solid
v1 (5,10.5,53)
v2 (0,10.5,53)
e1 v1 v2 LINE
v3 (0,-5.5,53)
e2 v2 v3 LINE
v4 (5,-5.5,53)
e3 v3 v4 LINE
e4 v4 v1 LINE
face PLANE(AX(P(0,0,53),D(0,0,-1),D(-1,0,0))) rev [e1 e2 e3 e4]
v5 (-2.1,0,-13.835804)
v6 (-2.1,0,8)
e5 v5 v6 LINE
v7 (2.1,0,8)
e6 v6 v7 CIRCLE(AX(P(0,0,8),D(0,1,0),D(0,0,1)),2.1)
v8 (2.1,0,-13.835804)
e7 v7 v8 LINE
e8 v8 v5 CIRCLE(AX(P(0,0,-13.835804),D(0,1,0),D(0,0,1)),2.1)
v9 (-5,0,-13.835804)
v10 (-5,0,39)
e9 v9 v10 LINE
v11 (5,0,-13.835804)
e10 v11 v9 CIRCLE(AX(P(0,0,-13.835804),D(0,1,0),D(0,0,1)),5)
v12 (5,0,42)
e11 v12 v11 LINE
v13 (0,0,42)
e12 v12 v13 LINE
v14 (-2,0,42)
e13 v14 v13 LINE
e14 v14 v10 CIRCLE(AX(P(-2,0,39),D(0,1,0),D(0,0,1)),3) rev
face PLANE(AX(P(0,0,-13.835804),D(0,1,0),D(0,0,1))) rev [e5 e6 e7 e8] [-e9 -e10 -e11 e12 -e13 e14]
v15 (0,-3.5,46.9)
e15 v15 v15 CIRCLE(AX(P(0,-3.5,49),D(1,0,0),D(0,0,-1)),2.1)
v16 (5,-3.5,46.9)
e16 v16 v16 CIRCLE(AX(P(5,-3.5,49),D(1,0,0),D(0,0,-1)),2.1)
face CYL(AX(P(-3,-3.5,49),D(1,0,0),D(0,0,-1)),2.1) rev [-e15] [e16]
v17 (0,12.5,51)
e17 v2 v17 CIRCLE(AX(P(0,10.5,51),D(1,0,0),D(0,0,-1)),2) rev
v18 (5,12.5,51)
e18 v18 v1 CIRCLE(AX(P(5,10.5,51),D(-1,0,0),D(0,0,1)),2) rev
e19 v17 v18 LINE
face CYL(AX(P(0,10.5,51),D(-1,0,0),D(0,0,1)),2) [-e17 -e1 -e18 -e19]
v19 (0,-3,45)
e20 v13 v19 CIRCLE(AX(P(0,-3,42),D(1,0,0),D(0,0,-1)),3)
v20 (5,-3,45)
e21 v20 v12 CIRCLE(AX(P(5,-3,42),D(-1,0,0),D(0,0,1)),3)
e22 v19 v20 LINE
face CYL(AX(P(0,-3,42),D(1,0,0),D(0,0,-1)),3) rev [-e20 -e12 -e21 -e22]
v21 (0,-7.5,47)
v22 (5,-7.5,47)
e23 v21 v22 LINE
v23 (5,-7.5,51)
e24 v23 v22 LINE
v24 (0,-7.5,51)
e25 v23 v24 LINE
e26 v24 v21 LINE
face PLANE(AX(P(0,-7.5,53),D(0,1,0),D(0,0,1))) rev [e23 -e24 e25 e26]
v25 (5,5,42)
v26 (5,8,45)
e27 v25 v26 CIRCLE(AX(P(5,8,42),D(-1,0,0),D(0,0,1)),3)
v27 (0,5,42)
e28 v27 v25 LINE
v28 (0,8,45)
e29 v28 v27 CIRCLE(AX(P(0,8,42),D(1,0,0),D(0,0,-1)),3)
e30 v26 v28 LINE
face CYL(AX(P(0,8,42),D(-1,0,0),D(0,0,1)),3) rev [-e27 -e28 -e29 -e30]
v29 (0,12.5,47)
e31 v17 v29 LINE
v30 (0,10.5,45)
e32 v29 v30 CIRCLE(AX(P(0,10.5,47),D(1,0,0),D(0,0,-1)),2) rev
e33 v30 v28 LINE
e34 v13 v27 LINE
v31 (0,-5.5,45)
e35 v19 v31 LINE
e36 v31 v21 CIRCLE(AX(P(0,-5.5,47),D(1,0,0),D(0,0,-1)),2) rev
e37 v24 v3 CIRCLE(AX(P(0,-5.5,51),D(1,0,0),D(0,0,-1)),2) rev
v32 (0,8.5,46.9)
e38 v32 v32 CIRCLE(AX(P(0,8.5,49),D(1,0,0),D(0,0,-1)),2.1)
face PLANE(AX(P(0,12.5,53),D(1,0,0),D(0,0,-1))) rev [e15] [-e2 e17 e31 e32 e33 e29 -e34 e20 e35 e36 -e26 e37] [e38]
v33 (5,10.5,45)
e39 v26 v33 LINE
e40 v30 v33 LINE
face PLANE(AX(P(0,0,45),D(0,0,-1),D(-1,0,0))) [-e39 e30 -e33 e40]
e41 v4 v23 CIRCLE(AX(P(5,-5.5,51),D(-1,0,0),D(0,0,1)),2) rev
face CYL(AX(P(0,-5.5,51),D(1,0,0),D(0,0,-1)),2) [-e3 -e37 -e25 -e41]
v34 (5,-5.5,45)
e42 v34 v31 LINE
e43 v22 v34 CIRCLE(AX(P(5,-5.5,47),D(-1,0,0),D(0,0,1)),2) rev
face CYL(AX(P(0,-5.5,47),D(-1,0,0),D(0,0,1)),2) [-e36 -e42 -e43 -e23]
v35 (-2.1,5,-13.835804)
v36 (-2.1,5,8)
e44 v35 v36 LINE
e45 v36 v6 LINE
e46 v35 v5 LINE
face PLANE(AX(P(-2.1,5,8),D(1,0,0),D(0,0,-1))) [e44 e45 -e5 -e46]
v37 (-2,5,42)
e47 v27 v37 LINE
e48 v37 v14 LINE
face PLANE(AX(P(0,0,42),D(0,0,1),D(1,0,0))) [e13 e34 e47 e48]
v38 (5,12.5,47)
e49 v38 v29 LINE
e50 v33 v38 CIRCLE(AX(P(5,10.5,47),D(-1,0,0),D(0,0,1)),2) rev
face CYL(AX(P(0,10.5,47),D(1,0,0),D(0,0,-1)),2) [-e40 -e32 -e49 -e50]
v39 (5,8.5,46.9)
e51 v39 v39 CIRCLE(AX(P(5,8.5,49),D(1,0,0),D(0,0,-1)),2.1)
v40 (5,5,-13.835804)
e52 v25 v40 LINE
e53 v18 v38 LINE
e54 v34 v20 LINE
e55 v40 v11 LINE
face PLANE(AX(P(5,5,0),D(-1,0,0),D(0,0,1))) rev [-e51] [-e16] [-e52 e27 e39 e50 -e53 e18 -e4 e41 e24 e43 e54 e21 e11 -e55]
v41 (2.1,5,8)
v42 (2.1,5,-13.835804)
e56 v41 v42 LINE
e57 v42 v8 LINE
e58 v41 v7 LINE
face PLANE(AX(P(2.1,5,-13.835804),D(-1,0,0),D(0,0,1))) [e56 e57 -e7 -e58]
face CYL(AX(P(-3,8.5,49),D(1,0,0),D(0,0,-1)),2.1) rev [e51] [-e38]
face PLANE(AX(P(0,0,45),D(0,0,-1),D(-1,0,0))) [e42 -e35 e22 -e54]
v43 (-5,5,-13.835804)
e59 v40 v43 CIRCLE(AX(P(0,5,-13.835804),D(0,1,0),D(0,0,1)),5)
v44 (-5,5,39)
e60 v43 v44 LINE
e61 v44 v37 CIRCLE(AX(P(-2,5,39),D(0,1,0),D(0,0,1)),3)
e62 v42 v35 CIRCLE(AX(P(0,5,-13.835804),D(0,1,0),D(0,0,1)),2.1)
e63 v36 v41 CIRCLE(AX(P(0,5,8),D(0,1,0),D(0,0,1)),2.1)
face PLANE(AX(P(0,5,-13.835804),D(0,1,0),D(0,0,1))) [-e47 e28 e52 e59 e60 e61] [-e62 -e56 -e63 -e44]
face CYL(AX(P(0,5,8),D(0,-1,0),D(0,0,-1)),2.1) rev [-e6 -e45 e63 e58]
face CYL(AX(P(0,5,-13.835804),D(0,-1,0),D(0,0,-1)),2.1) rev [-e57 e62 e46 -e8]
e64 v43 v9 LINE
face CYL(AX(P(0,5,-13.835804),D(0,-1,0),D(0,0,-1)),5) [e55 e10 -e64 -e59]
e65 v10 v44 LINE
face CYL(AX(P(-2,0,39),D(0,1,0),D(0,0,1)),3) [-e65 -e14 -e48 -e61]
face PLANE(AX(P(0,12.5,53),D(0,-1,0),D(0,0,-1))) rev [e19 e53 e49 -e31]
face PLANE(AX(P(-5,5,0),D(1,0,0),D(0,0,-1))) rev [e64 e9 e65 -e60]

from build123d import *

# Parameters (mm, degrees)
BOSS_EXTRUDE1_DEPTH = 5
SKETCH2_W           = 5
SKETCH2_H           = 20
BOSS_EXTRUDE2_DEPTH = 8
SKETCH3_R           = 2.1
CUT_EXTRUDE1_DEPTH  = 8
FILLET2_R           = 2
SKETCH4_W           = 5
SKETCH4_H           = 5
CUT_EXTRUDE2_DEPTH  = 3
FILLET3_R           = 3


with BuildPart() as part:
    # Sketch1 → Boss-Extrude1 (new body)
    with BuildSketch(Plane(origin=(0, 0, 0), x_dir=(1, 0, 0), z_dir=(0, 1, 0))):
        with BuildLine():
            Line((-5, 0), (-5, 13.835803565))
            ThreePointArc((-5, 13.835803565), (0, 18.835803565), (5, 13.835803565))
            Line((5, 13.835803565), (5, 0))
            Line((5, 0), (5, -45))
            Line((5, -45), (-5, -45))
            Line((-5, -45), (-5, 0))
        make_face()
        with BuildLine():
            Line((-2.1, -8), (-2.1, 13.835803565))
            ThreePointArc((-2.1, 13.835803565), (0, 15.935803565), (2.1, 13.835803565))
            Line((2.1, 13.835803565), (2.1, -8))
            ThreePointArc((2.1, -8), (0, -10.1), (-2.1, -8))
        make_face(mode=Mode.SUBTRACT)
    extrude(amount=BOSS_EXTRUDE1_DEPTH)

    # Sketch2 → Boss-Extrude2 (add)
    with BuildSketch(Plane.XY.offset(45)):
        with Locations((2.5, 2.5)):
            Rectangle(SKETCH2_W, SKETCH2_H)
    extrude(amount=BOSS_EXTRUDE2_DEPTH)

    # Sketch3 → Cut-Extrude1 (cut)
    with BuildSketch(Plane(origin=(5, 0, 0), x_dir=(0, 0, -1), z_dir=(1, 0, 0))):
        with Locations((-49, 8.5)):
            Circle(SKETCH3_R)
        with Locations((-49, -3.5)):
            Circle(SKETCH3_R)
    extrude(amount=-CUT_EXTRUDE1_DEPTH, mode=Mode.SUBTRACT)

    # Fillet2
    fillet2_edges = [part.edges().sort_by_distance(p)[0] for p in [
        (2.5, 12.5, 45),
        (2.5, -7.5, 45),
        (2.5, 12.5, 53),
        (2.5, -7.5, 53),
    ]]
    fillet(fillet2_edges, radius=FILLET2_R)

    # Sketch4 → Cut-Extrude2 (cut)
    with BuildSketch(Plane.XY.offset(45)):
        with Locations((-2.5, 2.5)):
            Rectangle(SKETCH4_W, SKETCH4_H)
    extrude(amount=-CUT_EXTRUDE2_DEPTH, mode=Mode.SUBTRACT)

    # Fillet3
    fillet3_edges = [part.edges().sort_by_distance(p)[0] for p in [
        (2.5, 0, 45),
        (2.5, 5, 45),
        (-5, 2.5, 42),
    ]]
    fillet(fillet3_edges, radius=FILLET3_R)


solid = part.part
